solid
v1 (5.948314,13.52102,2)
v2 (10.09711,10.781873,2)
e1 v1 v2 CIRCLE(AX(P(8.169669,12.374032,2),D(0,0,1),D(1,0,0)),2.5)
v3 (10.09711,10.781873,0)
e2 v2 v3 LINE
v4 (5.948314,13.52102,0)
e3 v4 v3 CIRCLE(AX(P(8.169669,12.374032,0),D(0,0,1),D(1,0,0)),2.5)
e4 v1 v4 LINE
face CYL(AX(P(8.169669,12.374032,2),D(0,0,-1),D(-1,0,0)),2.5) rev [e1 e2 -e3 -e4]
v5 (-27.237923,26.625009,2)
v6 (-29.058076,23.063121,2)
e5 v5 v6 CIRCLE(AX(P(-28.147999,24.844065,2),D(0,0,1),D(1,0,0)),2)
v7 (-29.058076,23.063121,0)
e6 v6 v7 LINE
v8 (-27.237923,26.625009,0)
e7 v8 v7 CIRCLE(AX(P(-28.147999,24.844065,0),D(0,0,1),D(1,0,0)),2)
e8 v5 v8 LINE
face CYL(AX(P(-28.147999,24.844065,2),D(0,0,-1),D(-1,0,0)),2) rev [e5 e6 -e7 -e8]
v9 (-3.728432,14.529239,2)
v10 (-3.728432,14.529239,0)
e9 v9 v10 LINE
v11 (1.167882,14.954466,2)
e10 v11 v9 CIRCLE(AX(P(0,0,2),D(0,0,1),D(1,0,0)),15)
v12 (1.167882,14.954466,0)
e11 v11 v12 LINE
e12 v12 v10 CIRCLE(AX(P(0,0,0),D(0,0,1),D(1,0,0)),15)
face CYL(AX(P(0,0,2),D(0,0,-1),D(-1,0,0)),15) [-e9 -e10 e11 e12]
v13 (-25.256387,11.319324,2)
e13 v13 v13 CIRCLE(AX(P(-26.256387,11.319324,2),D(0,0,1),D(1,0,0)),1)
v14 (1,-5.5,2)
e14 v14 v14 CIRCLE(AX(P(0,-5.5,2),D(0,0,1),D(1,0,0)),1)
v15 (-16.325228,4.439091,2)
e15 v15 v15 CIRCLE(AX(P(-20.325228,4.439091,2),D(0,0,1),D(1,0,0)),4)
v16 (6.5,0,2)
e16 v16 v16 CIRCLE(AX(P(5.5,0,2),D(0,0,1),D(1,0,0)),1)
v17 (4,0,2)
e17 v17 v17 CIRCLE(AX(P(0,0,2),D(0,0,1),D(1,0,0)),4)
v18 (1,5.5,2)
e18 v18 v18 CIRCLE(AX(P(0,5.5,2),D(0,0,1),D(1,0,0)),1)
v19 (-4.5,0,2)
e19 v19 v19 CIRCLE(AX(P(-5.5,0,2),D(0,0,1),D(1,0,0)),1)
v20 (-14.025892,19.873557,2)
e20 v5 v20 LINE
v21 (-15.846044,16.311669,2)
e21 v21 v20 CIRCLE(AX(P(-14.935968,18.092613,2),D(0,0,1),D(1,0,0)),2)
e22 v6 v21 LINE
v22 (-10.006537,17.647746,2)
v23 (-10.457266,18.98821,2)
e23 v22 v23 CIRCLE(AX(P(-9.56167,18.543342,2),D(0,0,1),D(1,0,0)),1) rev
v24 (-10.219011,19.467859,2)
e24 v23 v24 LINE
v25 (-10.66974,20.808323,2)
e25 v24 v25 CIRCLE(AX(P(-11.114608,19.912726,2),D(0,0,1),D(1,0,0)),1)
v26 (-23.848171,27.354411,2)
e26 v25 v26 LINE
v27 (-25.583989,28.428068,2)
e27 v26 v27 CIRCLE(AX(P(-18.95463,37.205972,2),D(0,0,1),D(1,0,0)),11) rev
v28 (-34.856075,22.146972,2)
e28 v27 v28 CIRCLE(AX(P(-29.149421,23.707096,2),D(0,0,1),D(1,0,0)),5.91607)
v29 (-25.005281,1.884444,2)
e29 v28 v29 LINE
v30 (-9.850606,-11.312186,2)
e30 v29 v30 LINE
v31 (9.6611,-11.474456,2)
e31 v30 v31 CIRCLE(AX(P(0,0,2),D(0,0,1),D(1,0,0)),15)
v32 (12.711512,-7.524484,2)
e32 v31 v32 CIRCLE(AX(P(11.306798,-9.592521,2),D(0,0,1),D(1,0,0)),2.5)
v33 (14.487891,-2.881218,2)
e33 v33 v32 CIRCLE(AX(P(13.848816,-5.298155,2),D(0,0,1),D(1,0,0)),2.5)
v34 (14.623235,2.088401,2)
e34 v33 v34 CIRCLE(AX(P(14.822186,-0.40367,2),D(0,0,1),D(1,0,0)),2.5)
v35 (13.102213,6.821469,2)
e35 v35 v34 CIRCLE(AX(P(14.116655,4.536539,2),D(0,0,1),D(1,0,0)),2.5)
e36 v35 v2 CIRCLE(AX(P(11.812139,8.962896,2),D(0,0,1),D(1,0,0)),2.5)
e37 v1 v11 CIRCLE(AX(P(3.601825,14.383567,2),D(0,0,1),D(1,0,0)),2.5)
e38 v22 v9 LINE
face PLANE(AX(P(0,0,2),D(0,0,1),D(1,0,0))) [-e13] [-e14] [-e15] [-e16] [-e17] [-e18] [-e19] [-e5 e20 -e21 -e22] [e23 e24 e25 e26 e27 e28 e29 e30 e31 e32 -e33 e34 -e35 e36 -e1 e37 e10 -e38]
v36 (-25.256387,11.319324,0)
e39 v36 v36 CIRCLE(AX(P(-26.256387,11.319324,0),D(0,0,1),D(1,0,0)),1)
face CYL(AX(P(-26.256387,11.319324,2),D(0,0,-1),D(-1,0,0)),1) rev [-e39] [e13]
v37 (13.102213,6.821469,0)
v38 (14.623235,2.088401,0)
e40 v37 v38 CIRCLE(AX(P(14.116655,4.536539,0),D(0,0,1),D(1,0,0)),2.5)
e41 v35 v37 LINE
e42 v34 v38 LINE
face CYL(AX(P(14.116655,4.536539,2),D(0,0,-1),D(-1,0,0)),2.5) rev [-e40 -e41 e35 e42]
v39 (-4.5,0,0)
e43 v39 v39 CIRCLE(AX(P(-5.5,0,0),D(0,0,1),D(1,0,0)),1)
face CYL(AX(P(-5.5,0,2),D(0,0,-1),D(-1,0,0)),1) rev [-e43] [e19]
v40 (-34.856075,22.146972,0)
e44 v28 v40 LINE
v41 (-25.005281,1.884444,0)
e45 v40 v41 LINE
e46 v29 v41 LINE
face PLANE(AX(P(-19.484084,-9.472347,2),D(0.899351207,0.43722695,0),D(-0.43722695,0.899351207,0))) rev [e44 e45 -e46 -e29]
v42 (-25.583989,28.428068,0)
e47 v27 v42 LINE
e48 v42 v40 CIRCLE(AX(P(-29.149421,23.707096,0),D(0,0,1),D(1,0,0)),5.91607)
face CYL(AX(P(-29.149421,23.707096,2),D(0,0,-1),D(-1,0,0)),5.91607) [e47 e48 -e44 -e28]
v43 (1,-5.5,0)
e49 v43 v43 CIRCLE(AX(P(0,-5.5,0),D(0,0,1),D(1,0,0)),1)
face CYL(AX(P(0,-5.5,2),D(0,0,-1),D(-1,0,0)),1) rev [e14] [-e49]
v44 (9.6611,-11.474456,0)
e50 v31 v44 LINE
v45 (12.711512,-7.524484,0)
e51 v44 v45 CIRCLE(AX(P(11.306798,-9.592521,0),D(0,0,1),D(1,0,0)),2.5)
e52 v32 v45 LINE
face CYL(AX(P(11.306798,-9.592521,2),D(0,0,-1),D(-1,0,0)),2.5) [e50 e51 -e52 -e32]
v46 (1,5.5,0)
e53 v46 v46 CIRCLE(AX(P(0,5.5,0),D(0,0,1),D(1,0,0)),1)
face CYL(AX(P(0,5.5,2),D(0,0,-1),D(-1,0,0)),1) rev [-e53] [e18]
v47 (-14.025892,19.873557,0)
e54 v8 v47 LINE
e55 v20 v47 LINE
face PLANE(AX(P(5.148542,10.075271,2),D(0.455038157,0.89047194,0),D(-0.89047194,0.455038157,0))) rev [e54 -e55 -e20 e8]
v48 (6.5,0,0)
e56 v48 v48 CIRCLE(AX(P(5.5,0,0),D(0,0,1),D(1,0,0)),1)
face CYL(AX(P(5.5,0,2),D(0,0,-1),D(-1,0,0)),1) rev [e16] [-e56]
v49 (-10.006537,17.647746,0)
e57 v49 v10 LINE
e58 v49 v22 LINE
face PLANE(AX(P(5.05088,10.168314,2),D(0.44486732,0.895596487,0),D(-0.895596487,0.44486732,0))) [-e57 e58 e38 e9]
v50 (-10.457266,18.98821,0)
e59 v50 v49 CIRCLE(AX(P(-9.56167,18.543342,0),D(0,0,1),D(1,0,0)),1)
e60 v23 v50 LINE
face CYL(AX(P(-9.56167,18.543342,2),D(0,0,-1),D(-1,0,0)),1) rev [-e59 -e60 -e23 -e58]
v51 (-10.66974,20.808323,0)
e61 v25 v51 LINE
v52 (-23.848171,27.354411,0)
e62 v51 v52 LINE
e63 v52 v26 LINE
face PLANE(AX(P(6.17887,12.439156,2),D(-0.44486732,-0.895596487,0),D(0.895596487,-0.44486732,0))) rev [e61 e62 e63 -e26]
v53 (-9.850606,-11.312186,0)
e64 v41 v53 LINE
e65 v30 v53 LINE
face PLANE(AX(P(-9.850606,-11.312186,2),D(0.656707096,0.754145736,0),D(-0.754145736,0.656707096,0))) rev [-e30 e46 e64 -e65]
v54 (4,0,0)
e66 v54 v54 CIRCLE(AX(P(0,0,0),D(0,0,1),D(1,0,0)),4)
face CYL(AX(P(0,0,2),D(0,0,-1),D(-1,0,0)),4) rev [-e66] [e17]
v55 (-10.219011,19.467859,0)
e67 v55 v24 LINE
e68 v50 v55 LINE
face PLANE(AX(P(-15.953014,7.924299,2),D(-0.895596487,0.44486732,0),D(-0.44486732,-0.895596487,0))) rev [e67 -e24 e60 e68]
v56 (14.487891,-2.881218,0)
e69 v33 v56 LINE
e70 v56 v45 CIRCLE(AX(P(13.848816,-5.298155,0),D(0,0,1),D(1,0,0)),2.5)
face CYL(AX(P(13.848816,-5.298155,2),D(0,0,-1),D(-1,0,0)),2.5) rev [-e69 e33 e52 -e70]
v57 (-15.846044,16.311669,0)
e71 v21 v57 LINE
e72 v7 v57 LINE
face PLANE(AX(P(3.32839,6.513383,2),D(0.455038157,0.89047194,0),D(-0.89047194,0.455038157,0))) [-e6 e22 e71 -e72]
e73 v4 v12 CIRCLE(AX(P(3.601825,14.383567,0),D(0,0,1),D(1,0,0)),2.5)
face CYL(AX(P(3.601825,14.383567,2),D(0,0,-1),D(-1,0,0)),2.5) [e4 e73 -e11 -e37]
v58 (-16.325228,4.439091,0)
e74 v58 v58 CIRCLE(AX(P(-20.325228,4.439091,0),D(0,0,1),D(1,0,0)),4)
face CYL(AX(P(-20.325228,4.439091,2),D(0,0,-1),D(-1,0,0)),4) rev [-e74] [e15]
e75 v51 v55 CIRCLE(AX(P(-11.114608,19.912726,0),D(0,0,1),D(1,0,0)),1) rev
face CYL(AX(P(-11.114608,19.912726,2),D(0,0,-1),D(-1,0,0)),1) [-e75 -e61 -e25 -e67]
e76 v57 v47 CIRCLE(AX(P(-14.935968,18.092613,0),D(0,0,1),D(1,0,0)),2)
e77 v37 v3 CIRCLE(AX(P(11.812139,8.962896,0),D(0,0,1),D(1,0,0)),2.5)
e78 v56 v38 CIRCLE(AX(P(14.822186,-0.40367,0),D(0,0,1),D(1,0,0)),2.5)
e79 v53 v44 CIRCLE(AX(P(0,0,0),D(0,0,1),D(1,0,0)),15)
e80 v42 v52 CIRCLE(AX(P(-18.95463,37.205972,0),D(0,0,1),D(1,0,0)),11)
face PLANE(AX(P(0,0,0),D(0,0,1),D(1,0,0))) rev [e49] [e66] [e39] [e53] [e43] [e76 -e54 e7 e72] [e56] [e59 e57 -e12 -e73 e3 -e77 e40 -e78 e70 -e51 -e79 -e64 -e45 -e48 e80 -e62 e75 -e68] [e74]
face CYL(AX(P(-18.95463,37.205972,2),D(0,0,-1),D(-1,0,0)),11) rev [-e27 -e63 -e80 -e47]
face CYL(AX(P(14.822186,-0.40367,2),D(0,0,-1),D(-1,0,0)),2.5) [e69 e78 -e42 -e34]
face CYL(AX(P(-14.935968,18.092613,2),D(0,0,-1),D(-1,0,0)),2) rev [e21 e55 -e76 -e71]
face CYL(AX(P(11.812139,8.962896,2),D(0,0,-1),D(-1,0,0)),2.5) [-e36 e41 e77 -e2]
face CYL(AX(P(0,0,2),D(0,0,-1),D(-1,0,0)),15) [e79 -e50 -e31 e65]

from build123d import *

# Parameters (mm, degrees)
ESQUISSE1_R        = 4
ESQUISSE1_R_2      = 1
BOSS_EXTRU_1_DEPTH = 2
CONG_1_R           = 1
CONG_2_R           = 11


with BuildPart() as part:
    # Esquisse1 → Boss.-Extru.1 (new body)
    with BuildSketch(Plane.XY):
        with BuildLine():
            Line((-3.728432128, 14.529239273), (-10.902133324, 18.092613259))
            Line((-10.902133324, 18.092613259), (-9.77414371, 20.363455577))
            Line((-9.77414371, 20.363455577), (-25.005281494, 27.929179137))
            ThreePointArc((-25.005281494, 27.929179137), (-32.144223962, 28.809157948), (-34.856074883, 22.146971607))
            Line((-34.856074883, 22.146971607), (-25.005281494, 1.884444499))
            Line((-25.005281494, 1.884444499), (-9.850606554, -11.31218593))
            ThreePointArc((-9.850606554, -11.31218593), (-0.12474397, -14.999481289), (9.661100255, -11.47445606))
            ThreePointArc((9.661100255, -11.47445606), (13.285456142, -11.120563185), (12.711512496, -7.524484146))
            ThreePointArc((12.711512496, -7.524484146), (11.513856086, -4.40486723), (14.487891216, -2.881218443))
            ThreePointArc((14.487891216, -2.881218443), (17.321259352, -0.471730027), (14.623234656, 2.088401251))
            ThreePointArc((14.623234656, 2.088401251), (11.736537034, 3.771662198), (13.102212542, 6.821468911))
            ThreePointArc((13.102212542, 6.821468911), (13.803708164, 10.474072546), (10.097110191, 10.781872629))
            ThreePointArc((10.097110191, 10.781872629), (6.792233583, 10.287725708), (5.948313856, 13.521019705))
            ThreePointArc((5.948313856, 13.521019705), (4.31988032, 16.778227095), (1.167882396, 14.954465912))
            ThreePointArc((1.167882396, 14.954465912), (-1.297808983, 14.94375093), (-3.728432128, 14.529239273))
        make_face()
        with Locations((-20.325227829, 4.439090716)):
            Circle(ESQUISSE1_R, mode=Mode.SUBTRACT)
        with Locations((-26.256387143, 11.319323515)):
            Circle(ESQUISSE1_R_2, mode=Mode.SUBTRACT)
        with BuildLine():
            ThreePointArc((-29.058075564, 23.063121212), (-29.928943128, 25.754141406), (-27.237922934, 26.625008971))
            Line((-27.237922934, 26.625008971), (-14.025891569, 19.873557138))
            ThreePointArc((-14.025891569, 19.873557138), (-13.155024005, 17.182536944), (-15.846044199, 16.31166938))
            Line((-15.846044199, 16.31166938), (-29.058075564, 23.063121212))
        make_face(mode=Mode.SUBTRACT)
        with Locations((5.5, 0)):
            Circle(ESQUISSE1_R_2, mode=Mode.SUBTRACT)
        with Locations((0, -5.5)):
            Circle(ESQUISSE1_R_2, mode=Mode.SUBTRACT)
        with Locations((-5.5, 0)):
            Circle(ESQUISSE1_R_2, mode=Mode.SUBTRACT)
        Circle(ESQUISSE1_R, mode=Mode.SUBTRACT)
        with Locations((0, 5.5)):
            Circle(ESQUISSE1_R_2, mode=Mode.SUBTRACT)
    extrude(amount=BOSS_EXTRU_1_DEPTH)

    # Congé1
    cong_1_edges = [part.edges().sort_by_distance(p)[0] for p in [
        (-9.77414371, 20.363455577, 1),
        (-10.902133324, 18.092613259, 1),
    ]]
    fillet(cong_1_edges, radius=CONG_1_R)

    # Congé2
    cong_2_edges = [part.edges().sort_by_distance(p)[0] for p in [
        (-25.005281494, 27.929179137, 1),
    ]]
    fillet(cong_2_edges, radius=CONG_2_R)


solid = part.part
